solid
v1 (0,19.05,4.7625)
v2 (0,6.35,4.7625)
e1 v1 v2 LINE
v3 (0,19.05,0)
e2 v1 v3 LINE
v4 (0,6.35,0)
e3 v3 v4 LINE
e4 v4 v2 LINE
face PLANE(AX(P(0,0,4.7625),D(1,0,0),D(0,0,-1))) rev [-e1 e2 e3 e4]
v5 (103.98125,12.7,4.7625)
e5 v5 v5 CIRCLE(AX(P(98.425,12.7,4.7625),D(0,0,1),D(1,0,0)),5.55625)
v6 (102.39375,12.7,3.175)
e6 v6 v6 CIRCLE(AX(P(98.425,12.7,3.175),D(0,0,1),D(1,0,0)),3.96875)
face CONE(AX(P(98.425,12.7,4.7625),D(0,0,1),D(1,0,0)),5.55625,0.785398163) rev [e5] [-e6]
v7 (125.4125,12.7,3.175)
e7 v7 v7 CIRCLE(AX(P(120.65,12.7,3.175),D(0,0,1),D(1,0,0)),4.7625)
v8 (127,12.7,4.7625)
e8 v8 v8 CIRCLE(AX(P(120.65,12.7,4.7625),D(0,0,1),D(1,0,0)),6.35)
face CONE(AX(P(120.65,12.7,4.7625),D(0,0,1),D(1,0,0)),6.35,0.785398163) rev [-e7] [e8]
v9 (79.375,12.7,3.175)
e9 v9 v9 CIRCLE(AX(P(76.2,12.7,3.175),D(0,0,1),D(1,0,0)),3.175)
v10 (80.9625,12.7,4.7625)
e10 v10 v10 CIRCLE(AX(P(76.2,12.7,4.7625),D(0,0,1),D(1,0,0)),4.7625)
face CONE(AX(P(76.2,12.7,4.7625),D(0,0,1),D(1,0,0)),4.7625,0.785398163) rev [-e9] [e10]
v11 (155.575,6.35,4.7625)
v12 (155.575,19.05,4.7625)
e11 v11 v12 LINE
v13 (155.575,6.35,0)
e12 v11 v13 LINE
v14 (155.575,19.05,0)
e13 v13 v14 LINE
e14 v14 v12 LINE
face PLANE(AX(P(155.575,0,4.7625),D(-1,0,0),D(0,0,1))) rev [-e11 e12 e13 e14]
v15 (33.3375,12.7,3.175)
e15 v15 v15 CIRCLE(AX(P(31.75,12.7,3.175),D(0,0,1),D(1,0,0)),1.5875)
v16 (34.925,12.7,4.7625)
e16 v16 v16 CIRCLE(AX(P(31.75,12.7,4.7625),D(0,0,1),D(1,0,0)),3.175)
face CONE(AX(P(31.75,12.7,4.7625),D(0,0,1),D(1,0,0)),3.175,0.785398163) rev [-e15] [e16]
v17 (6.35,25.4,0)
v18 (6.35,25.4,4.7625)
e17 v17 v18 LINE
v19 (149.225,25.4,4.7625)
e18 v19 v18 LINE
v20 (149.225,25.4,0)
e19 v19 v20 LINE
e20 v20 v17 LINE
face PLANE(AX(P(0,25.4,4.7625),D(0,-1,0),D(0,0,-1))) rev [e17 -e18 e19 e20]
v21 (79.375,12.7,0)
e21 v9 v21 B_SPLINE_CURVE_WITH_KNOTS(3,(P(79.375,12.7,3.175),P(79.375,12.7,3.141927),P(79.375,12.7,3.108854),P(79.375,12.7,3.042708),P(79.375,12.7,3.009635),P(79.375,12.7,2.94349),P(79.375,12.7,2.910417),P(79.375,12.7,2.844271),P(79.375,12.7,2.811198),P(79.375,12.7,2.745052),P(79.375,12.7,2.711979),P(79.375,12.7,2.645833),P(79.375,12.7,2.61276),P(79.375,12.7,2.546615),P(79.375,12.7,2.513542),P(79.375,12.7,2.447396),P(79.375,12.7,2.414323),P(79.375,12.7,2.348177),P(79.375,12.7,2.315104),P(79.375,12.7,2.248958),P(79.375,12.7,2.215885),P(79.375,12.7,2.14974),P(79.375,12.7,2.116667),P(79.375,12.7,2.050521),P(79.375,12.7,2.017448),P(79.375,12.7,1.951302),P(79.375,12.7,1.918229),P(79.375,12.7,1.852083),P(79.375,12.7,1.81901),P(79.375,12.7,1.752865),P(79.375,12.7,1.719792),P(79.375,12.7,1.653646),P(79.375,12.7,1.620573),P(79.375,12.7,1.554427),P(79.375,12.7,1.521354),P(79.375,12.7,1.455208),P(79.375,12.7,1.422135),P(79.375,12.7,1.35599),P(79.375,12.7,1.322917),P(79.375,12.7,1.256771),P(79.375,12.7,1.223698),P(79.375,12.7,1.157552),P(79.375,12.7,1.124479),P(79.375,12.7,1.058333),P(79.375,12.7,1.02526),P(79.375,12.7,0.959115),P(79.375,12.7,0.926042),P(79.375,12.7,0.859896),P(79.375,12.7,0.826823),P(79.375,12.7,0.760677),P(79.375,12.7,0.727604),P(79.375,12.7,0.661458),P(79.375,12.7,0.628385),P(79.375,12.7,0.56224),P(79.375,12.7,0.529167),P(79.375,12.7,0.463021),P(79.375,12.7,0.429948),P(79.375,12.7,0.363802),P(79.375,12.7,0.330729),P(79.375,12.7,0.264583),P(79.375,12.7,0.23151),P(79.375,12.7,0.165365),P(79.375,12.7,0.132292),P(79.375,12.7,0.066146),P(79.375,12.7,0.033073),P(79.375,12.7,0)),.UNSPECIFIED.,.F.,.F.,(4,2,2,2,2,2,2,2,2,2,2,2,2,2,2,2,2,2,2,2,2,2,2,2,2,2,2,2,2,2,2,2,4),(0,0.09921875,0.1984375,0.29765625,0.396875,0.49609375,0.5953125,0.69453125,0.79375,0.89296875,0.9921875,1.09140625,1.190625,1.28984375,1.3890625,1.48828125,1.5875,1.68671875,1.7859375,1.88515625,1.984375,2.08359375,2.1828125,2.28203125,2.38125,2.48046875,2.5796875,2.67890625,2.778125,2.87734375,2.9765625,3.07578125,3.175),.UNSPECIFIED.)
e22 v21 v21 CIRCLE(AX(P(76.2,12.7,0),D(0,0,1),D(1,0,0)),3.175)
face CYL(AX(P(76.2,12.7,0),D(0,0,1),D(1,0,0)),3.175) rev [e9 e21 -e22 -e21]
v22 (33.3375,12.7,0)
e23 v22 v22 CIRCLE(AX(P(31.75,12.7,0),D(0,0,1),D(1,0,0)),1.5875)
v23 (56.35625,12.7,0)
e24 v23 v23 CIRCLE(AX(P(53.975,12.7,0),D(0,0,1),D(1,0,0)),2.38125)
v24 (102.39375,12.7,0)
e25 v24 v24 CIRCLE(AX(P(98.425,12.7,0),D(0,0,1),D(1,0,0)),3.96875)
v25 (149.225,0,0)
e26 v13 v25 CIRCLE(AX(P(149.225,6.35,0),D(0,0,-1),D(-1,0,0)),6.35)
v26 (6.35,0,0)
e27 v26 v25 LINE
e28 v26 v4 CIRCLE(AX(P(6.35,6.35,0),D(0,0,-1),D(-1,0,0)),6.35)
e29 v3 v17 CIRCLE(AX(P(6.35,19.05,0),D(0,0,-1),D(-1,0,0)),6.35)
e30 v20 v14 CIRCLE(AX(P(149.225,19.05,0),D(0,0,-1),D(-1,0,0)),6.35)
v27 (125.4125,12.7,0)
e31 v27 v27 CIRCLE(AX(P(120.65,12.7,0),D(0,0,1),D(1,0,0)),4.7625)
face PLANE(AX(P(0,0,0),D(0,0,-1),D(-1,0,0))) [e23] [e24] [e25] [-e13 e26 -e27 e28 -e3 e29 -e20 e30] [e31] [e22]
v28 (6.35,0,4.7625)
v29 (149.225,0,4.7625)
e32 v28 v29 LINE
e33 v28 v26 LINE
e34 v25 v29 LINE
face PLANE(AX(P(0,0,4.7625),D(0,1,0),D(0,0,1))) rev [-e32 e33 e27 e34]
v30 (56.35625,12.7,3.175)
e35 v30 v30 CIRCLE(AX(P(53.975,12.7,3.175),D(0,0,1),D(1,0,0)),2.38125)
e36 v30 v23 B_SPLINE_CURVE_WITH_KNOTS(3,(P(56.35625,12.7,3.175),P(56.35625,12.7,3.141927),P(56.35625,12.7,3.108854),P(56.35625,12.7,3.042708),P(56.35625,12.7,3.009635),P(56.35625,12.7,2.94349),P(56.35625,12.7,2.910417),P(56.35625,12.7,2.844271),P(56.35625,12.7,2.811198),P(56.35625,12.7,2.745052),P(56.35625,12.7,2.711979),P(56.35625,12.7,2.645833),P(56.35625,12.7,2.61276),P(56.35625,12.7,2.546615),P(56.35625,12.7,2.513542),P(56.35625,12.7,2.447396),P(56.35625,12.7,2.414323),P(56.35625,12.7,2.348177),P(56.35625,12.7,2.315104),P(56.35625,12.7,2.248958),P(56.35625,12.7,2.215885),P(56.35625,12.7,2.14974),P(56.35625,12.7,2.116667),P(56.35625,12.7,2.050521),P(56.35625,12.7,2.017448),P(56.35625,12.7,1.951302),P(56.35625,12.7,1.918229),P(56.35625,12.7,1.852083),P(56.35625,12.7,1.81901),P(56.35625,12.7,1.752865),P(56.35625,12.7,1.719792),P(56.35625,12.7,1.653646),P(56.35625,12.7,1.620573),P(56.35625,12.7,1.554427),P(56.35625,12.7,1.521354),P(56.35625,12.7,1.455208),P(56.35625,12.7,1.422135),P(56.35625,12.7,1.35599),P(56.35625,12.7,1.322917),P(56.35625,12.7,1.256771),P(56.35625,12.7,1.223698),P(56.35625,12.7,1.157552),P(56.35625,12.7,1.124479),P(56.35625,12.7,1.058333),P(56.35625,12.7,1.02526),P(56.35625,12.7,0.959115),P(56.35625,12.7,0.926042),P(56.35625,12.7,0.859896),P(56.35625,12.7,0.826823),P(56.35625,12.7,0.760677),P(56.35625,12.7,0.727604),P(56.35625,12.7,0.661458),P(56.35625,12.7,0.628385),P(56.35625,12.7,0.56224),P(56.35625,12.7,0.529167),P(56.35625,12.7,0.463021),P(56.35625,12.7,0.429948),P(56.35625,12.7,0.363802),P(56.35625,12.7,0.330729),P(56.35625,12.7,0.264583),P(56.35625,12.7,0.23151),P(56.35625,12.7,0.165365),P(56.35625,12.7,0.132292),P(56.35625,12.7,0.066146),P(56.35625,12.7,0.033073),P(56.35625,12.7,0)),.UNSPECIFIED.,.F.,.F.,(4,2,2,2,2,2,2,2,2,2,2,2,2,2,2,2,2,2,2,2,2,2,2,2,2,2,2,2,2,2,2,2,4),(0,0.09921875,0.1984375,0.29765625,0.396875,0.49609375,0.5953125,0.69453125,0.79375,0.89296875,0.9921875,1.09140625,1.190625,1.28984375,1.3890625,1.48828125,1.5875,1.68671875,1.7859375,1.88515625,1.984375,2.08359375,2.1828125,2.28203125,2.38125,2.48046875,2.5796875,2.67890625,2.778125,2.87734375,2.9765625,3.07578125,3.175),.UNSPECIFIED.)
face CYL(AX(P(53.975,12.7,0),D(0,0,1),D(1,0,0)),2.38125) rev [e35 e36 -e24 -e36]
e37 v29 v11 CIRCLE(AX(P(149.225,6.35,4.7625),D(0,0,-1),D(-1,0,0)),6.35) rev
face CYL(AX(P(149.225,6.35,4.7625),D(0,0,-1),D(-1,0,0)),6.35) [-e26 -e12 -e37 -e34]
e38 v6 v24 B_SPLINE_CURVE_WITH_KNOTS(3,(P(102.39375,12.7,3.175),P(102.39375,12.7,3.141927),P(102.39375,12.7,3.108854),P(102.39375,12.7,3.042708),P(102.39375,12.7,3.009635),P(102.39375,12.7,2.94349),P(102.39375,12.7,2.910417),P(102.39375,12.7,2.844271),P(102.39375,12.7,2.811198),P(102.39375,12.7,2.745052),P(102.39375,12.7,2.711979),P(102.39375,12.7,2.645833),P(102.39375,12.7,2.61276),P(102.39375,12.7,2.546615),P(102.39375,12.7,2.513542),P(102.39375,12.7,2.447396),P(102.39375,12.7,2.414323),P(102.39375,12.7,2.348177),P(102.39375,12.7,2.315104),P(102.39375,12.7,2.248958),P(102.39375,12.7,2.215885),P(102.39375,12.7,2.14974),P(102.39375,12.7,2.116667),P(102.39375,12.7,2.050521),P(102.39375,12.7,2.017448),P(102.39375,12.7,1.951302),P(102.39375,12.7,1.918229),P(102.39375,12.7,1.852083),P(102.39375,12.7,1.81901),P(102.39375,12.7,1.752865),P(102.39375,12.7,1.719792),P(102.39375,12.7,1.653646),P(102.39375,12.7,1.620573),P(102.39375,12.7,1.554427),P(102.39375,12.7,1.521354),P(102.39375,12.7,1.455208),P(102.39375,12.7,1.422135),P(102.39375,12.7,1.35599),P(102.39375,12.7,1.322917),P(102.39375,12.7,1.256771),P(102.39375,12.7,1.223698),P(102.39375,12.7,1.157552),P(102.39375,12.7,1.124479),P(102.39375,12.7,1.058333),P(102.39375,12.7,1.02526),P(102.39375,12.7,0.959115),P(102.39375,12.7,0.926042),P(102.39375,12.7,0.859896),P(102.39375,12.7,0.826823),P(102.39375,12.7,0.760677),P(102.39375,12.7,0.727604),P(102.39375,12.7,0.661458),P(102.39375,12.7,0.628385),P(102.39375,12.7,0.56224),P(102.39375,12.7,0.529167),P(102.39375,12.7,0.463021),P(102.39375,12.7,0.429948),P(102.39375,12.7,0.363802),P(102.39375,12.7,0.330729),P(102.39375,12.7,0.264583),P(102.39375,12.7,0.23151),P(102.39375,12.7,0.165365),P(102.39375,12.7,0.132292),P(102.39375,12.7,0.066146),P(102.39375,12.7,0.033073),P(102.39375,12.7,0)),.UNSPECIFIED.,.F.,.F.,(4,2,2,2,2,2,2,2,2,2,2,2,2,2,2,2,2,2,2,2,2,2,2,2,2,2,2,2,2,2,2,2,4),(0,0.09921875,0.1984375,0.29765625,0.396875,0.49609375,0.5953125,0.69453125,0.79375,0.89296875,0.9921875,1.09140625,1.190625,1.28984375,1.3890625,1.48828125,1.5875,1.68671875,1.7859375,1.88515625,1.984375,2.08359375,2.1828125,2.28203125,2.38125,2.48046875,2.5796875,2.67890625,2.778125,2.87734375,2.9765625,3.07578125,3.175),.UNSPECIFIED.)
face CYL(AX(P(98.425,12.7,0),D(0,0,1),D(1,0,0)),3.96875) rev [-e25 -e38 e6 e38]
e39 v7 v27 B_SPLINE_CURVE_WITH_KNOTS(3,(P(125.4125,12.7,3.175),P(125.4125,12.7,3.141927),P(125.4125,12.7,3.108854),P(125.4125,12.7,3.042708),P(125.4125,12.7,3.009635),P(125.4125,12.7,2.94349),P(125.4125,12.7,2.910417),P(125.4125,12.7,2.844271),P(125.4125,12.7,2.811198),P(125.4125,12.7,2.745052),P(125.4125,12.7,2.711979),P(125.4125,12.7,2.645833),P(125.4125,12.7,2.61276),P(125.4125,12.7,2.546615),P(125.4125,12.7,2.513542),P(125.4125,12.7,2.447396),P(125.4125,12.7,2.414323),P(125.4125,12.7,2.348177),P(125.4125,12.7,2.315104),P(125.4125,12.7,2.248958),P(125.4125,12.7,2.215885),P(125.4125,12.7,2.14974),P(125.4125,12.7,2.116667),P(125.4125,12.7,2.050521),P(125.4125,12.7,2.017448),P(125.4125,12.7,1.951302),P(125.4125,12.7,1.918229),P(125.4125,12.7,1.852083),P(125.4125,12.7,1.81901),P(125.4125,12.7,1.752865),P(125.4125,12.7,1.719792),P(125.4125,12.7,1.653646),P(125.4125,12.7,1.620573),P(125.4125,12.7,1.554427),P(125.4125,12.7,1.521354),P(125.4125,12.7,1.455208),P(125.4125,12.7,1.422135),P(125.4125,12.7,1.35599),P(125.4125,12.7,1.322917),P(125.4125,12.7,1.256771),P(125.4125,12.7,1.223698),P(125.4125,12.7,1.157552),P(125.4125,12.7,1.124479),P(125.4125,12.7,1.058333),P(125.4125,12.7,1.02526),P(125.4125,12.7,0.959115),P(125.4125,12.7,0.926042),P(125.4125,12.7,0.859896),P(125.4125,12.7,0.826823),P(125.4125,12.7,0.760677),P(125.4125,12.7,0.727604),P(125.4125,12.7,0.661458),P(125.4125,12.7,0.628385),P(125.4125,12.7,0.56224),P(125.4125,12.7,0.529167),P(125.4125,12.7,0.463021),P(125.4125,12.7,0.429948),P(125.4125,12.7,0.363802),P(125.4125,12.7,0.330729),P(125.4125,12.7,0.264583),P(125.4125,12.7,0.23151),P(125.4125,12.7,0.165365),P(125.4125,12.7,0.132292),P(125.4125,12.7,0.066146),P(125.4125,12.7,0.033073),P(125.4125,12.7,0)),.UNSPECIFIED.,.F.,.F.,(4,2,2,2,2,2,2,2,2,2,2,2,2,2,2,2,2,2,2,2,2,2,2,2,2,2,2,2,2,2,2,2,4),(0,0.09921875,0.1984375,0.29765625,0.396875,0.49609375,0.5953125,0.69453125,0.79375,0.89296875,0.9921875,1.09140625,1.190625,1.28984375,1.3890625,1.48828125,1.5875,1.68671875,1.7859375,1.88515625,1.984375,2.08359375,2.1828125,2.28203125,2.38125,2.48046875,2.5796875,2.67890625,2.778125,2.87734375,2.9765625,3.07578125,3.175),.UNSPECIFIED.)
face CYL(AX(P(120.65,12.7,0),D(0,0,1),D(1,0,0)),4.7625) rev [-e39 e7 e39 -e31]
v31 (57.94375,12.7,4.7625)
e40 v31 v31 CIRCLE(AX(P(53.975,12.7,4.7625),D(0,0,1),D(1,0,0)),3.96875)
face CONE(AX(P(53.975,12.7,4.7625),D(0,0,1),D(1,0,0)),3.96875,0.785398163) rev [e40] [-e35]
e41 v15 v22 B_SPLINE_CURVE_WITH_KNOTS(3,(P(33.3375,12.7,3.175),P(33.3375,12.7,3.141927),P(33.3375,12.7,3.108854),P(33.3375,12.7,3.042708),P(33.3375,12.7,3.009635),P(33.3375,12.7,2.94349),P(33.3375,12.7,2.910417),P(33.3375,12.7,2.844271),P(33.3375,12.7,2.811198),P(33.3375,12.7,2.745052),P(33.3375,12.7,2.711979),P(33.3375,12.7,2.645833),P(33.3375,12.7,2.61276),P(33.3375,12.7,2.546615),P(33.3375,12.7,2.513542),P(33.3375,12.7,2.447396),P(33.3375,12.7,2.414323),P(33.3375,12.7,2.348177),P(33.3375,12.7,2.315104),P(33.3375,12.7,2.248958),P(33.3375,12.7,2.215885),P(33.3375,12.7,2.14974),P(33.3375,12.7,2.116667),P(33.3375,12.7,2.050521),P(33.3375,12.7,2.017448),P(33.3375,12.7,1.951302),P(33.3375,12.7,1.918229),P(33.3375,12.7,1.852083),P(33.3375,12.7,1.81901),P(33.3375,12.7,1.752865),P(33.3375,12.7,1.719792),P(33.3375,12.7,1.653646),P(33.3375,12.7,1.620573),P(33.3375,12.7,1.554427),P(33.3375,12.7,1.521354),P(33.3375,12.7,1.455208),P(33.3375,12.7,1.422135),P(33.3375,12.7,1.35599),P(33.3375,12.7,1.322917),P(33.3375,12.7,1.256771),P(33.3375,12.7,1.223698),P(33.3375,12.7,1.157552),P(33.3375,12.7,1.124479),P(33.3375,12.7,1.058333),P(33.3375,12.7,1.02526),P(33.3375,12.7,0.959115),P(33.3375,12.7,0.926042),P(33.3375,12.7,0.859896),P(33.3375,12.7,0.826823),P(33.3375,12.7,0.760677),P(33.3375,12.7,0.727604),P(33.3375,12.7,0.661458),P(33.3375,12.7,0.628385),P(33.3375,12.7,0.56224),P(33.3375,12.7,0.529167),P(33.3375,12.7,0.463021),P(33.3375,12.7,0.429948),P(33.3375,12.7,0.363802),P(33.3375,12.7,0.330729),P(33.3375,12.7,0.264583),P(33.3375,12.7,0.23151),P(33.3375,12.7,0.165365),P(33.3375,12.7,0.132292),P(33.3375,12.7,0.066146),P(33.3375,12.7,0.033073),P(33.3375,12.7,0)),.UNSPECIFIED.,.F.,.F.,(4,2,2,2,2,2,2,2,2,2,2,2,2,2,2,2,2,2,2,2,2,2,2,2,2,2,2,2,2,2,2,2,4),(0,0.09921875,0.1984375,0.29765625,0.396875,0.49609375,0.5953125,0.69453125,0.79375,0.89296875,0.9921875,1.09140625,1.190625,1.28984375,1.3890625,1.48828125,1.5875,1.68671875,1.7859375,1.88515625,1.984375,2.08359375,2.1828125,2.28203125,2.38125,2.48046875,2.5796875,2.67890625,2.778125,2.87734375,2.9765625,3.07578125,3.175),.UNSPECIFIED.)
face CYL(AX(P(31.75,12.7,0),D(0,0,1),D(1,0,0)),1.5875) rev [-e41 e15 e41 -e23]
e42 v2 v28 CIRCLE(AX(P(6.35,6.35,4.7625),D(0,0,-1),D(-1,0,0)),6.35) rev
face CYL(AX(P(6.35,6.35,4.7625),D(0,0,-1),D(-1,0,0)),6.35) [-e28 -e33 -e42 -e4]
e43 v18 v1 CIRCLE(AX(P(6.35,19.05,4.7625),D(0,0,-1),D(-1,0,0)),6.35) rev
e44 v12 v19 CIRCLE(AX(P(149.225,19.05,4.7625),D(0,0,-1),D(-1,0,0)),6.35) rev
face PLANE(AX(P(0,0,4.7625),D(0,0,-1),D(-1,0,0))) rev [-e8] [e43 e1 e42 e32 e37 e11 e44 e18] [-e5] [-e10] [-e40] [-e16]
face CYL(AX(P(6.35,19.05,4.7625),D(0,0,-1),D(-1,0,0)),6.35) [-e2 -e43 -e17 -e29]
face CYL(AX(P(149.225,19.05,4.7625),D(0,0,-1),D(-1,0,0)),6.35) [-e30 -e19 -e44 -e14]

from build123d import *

# Parameters (mm, degrees)
SKETCH2_W                                        = 155.575
SKETCH2_H                                        = 25.4
BOSS_EXTRUDE2_DEPTH                              = 4.7625
FILLET1_R                                        = 6.35
SKETCH3_R                                        = 1.5875
SKETCH3_R_2                                      = 2.38125
SKETCH3_R_3                                      = 3.175
SKETCH3_R_4                                      = 3.96875
SKETCH3_R_5                                      = 4.7625
CUT_EXTRUDE1_DEPTH                               = 158.706759624
CSK_FOR_M10_FLAT_HEAD_MACHINE_SCREW3_D           = 3.175
CSK_FOR_M10_FLAT_HEAD_MACHINE_SCREW3_CSINK_D     = 6.35
CSK_FOR_M10_FLAT_HEAD_MACHINE_SCREW3_CSINK_ANGLE = 90
CSK_FOR_M10_FLAT_HEAD_MACHINE_SCREW4_D           = 4.7625
CSK_FOR_M10_FLAT_HEAD_MACHINE_SCREW4_CSINK_D     = 7.9375
CSK_FOR_M10_FLAT_HEAD_MACHINE_SCREW4_CSINK_ANGLE = 90
CSK_FOR_M10_FLAT_HEAD_MACHINE_SCREW5_D           = 6.35
CSK_FOR_M10_FLAT_HEAD_MACHINE_SCREW5_CSINK_D     = 9.525
CSK_FOR_M10_FLAT_HEAD_MACHINE_SCREW5_CSINK_ANGLE = 90


with BuildPart() as part:
    # Sketch2 → Boss-Extrude2 (new body)
    with BuildSketch(Plane.XY):
        with Locations((77.7875, 12.7)):
            Rectangle(SKETCH2_W, SKETCH2_H)
    extrude(amount=BOSS_EXTRUDE2_DEPTH)

    # Fillet1
    fillet1_edges = [part.edges().sort_by_distance(p)[0] for p in [
        (0, 25.4, 2.38125),
        (155.575, 25.4, 2.38125),
        (155.575, 0, 2.38125),
        (0, 0, 2.38125),
    ]]
    fillet(fillet1_edges, radius=FILLET1_R)

    # Sketch3 → Cut-Extrude1 (cut, through all)
    with BuildSketch(Plane.XY.offset(4.7625)):
        with Locations((31.75, 12.7)):
            Circle(SKETCH3_R)
        with Locations((53.975, 12.7)):
            Circle(SKETCH3_R_2)
        with Locations((76.2, 12.7)):
            Circle(SKETCH3_R_3)
        with Locations((98.425, 12.7)):
            Circle(SKETCH3_R_4)
        with Locations((120.65, 12.7)):
            Circle(SKETCH3_R_5)
    extrude(amount=-CUT_EXTRUDE1_DEPTH, mode=Mode.SUBTRACT)

    # CSK for M10 Flat Head Machine Screw3 (through all)
    with Locations(Plane(origin=(31.75, 12.7, 4.7625), x_dir=(1, 0, 0), z_dir=(0, 0, 1))):
        with Locations((0, 0)):
            CounterSinkHole(CSK_FOR_M10_FLAT_HEAD_MACHINE_SCREW3_D / 2, CSK_FOR_M10_FLAT_HEAD_MACHINE_SCREW3_CSINK_D / 2, counter_sink_angle=CSK_FOR_M10_FLAT_HEAD_MACHINE_SCREW3_CSINK_ANGLE)

    # CSK for M10 Flat Head Machine Screw4 (through all)
    with Locations(Plane(origin=(53.975, 12.7, 4.7625), x_dir=(1, 0, 0), z_dir=(0, 0, 1))):
        with Locations((0, 0)):
            CounterSinkHole(CSK_FOR_M10_FLAT_HEAD_MACHINE_SCREW4_D / 2, CSK_FOR_M10_FLAT_HEAD_MACHINE_SCREW4_CSINK_D / 2, counter_sink_angle=CSK_FOR_M10_FLAT_HEAD_MACHINE_SCREW4_CSINK_ANGLE)

    # CSK for M10 Flat Head Machine Screw5 (through all)
    with Locations(Plane(origin=(76.2, 12.7, 4.7625), x_dir=(1, 0, 0), z_dir=(0, 0, 1))):
        with Locations((0, 0)):
            CounterSinkHole(CSK_FOR_M10_FLAT_HEAD_MACHINE_SCREW5_D / 2, CSK_FOR_M10_FLAT_HEAD_MACHINE_SCREW5_CSINK_D / 2, counter_sink_angle=CSK_FOR_M10_FLAT_HEAD_MACHINE_SCREW5_CSINK_ANGLE)

    # Sketch14 → CSK for M10 Flat Head Machine Screw6 (revolve, cut)
    with BuildSketch(Plane(origin=(98.425, 12.7, 4.7625), x_dir=(0, -1, 0), z_dir=(1, 0, 0))):
        Polygon((0, 0), (0, 4.7625), (3.96875, 4.7625), (3.96875, 1.5875), (5.55625, 0), align=None)
    revolve(axis=Axis((98.425, 12.7, 11.1125), (0, 0, -1)), mode=Mode.SUBTRACT)

    # Sketch15 → CSK for M10 Flat Head Machine Screw7 (revolve, cut)
    with BuildSketch(Plane(origin=(120.65, 12.7, 4.7625), x_dir=(0, -1, 0), z_dir=(1, 0, 0))):
        Polygon((0, 0), (0, 4.7625), (4.7625, 4.7625), (4.7625, 1.5875), (6.35, 0), align=None)
    revolve(axis=Axis((120.65, 12.7, 11.1125), (0, 0, -1)), mode=Mode.SUBTRACT)


solid = part.part
